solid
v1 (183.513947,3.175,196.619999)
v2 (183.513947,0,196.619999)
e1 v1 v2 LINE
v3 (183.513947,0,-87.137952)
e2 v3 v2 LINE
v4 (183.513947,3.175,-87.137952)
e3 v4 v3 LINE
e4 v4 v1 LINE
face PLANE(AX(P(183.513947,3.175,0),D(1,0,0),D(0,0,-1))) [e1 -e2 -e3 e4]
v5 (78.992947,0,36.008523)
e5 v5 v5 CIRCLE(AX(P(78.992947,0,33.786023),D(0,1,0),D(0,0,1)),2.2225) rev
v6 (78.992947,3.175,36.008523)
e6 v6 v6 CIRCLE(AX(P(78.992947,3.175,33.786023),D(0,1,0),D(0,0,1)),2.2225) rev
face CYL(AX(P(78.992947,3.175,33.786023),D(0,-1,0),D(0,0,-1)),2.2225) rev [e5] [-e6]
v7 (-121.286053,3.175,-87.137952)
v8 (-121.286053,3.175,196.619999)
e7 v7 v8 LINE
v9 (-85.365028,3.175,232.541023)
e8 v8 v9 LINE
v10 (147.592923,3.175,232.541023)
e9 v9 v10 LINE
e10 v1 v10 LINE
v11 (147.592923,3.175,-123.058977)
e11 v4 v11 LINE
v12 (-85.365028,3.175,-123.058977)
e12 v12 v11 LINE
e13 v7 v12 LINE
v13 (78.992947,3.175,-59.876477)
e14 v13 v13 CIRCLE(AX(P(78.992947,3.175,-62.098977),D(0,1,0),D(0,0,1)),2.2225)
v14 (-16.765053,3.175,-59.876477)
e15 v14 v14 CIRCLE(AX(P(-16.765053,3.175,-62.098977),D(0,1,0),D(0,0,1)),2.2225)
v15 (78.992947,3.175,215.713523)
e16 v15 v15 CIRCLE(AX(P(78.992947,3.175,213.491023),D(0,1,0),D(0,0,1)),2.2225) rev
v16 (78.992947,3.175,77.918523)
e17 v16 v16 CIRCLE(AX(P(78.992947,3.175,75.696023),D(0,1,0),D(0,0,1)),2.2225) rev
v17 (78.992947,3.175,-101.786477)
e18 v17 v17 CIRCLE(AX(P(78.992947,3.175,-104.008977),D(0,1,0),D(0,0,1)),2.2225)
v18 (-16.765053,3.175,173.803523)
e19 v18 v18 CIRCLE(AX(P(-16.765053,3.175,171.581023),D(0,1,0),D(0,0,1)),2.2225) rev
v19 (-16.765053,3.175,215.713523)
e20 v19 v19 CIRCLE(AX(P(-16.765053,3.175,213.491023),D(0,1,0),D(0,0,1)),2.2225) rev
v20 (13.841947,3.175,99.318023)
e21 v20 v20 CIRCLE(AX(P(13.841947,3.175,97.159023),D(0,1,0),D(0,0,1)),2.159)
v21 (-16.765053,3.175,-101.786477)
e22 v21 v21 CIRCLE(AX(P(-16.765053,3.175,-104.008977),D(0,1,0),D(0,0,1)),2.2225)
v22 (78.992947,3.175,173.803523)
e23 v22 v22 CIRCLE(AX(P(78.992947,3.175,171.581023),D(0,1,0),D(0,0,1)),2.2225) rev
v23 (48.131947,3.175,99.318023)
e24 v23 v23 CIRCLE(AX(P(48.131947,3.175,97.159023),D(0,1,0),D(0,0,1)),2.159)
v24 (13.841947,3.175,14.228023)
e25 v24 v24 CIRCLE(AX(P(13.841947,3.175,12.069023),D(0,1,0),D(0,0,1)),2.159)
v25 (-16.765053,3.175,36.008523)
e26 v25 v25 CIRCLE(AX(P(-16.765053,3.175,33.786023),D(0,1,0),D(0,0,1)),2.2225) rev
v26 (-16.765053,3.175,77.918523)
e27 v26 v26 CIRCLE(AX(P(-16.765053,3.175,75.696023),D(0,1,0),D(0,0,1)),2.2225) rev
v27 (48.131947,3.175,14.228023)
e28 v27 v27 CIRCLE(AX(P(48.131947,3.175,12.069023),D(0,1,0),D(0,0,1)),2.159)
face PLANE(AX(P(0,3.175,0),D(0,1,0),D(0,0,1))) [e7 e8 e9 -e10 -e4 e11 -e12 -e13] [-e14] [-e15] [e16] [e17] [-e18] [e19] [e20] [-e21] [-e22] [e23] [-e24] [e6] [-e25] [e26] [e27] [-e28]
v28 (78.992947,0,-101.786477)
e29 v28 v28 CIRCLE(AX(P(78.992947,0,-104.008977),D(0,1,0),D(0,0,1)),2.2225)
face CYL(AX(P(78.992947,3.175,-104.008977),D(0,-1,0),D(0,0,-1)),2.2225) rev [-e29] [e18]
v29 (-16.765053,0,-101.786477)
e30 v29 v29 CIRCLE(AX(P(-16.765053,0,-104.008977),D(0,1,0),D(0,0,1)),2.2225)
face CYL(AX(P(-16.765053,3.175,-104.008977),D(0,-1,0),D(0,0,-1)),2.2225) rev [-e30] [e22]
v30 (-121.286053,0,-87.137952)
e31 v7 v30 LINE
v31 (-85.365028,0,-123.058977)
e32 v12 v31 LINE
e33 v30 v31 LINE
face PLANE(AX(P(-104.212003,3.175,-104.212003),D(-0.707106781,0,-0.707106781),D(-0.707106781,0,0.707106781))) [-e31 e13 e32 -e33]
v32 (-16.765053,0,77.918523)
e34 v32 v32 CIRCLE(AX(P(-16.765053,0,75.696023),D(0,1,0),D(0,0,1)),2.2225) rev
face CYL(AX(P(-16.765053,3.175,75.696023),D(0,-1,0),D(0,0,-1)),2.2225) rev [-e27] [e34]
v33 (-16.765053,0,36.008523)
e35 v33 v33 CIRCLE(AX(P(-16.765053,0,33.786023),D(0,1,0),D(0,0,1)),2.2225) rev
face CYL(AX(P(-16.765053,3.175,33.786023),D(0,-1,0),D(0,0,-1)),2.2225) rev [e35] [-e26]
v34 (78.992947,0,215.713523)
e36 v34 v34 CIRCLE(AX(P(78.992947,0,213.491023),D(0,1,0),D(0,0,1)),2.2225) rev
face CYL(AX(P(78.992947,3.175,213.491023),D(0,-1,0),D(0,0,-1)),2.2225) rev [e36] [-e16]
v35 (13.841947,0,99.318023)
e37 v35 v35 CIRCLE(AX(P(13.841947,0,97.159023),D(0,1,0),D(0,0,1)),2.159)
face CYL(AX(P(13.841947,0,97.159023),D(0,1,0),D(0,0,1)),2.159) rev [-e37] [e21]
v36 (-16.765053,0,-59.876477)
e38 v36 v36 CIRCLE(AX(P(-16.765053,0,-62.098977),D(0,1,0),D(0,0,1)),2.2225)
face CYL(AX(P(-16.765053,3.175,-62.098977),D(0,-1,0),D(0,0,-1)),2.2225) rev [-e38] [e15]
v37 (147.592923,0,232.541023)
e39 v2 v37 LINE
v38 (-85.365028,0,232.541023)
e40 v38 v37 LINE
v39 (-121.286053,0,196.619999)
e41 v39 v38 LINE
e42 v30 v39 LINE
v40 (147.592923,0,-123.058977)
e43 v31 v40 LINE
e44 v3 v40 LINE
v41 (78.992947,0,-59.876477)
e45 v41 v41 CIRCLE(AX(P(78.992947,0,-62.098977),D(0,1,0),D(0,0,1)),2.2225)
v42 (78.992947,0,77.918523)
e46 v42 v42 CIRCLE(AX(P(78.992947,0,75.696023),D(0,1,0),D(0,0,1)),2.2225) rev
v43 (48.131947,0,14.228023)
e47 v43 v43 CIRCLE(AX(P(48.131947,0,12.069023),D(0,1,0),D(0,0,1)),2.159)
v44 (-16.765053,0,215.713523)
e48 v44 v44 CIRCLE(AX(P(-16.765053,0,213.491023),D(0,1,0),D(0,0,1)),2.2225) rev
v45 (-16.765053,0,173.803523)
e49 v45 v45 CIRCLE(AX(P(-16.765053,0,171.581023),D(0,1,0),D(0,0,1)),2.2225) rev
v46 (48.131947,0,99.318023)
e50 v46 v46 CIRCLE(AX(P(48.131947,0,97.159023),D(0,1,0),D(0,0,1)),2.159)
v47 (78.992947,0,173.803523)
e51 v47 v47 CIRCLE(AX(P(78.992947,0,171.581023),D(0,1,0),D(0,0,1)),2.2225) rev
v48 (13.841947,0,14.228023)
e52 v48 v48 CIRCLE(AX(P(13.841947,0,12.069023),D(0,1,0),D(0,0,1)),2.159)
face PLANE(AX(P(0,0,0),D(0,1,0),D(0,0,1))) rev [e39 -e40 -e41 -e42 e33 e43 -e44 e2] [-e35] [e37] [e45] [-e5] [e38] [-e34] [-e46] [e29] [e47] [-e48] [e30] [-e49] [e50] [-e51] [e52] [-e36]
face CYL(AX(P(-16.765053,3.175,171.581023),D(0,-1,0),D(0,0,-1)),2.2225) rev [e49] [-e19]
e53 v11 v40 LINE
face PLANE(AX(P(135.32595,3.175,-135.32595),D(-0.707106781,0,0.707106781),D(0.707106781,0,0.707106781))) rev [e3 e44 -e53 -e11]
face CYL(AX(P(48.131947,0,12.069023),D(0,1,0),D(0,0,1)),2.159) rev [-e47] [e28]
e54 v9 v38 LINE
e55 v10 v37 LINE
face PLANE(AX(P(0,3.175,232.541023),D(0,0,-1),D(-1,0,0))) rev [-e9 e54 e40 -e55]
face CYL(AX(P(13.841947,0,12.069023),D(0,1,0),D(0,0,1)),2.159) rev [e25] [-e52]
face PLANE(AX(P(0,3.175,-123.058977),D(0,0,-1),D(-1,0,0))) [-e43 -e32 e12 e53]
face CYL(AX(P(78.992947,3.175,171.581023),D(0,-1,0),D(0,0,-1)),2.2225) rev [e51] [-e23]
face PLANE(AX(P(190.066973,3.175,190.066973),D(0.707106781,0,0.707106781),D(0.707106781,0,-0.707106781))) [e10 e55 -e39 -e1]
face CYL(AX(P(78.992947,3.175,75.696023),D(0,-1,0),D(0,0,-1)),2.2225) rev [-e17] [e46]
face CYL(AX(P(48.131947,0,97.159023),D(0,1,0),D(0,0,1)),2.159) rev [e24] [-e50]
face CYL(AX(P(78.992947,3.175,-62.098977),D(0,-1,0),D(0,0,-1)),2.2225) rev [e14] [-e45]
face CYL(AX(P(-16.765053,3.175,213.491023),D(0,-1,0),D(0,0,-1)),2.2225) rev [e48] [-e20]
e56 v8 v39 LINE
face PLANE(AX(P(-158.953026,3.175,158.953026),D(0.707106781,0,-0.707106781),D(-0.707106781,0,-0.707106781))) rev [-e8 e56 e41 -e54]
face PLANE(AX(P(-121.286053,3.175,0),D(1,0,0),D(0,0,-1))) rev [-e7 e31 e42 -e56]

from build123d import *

# Parameters (mm, degrees)
SKETCH1_R           = 2.2225
BOSS_EXTRUDE1_DEPTH = 3.175
SKETCH2_R           = 2.159
CUT_EXTRUDE1_DEPTH  = 297.247830215


with BuildPart() as part:
    # Sketch1 → Boss-Extrude1 (new body)
    with BuildSketch(Plane(origin=(0, 0, 0), x_dir=(1, 0, 0), z_dir=(0, 1, 0))):
        Polygon((-85.365028143, 123.058976948), (-121.286052627, 87.137952464), (-121.286052627, -196.619998567), (-85.365028143, -232.541023052), (147.592922888, -232.541023052), (183.513947373, -196.619998567), (183.513947373, 87.137952464), (147.592922888, 123.058976948), align=None)
        with Locations(Location((-16.765052627, -213.491023052, 0), (0, 0, 270))):
            Circle(SKETCH1_R, mode=Mode.SUBTRACT)
        with Locations(Location((-16.765052627, -171.581023052, 0), (0, 0, 270))):
            Circle(SKETCH1_R, mode=Mode.SUBTRACT)
        with Locations(Location((-16.765052627, -75.696023052, 0), (0, 0, 270))):
            Circle(SKETCH1_R, mode=Mode.SUBTRACT)
        with Locations(Location((78.992947373, -213.491023052, 0), (0, 0, 270))):
            Circle(SKETCH1_R, mode=Mode.SUBTRACT)
        with Locations(Location((78.992947373, -171.581023052, 0), (0, 0, 270))):
            Circle(SKETCH1_R, mode=Mode.SUBTRACT)
        with Locations(Location((78.992947373, -75.696023052, 0), (0, 0, 270))):
            Circle(SKETCH1_R, mode=Mode.SUBTRACT)
        with Locations(Location((-16.765052627, -33.786023052, 0), (0, 0, 270))):
            Circle(SKETCH1_R, mode=Mode.SUBTRACT)
        with Locations(Location((-16.765052627, 62.098976948, 0), (0, 0, 270))):
            Circle(SKETCH1_R, mode=Mode.SUBTRACT)
        with Locations(Location((-16.765052627, 104.008976948, 0), (0, 0, 270))):
            Circle(SKETCH1_R, mode=Mode.SUBTRACT)
        with Locations(Location((78.992947373, -33.786023052, 0), (0, 0, 270))):
            Circle(SKETCH1_R, mode=Mode.SUBTRACT)
        with Locations(Location((78.992947373, 62.098976948, 0), (0, 0, 270))):
            Circle(SKETCH1_R, mode=Mode.SUBTRACT)
        with Locations(Location((78.992947373, 104.008976948, 0), (0, 0, 270))):
            Circle(SKETCH1_R, mode=Mode.SUBTRACT)
    extrude(amount=BOSS_EXTRUDE1_DEPTH)

    # Sketch2 → Cut-Extrude1 (cut, through all)
    with BuildSketch(Plane(origin=(0, 3.175, 0), x_dir=(1, 0, 0), z_dir=(0, 1, 0))):
        with Locations(Location((13.841947373, -12.069023052, 0), (0, 0, 270))):
            Circle(SKETCH2_R)
        with Locations(Location((48.131947373, -12.069023052, 0), (0, 0, 270))):
            Circle(SKETCH2_R)
        with Locations(Location((13.841947373, -97.159023052, 0), (0, 0, 270))):
            Circle(SKETCH2_R)
        with Locations(Location((48.131947373, -97.159023052, 0), (0, 0, 270))):
            Circle(SKETCH2_R)
    extrude(amount=-CUT_EXTRUDE1_DEPTH, mode=Mode.SUBTRACT)


solid = part.part
